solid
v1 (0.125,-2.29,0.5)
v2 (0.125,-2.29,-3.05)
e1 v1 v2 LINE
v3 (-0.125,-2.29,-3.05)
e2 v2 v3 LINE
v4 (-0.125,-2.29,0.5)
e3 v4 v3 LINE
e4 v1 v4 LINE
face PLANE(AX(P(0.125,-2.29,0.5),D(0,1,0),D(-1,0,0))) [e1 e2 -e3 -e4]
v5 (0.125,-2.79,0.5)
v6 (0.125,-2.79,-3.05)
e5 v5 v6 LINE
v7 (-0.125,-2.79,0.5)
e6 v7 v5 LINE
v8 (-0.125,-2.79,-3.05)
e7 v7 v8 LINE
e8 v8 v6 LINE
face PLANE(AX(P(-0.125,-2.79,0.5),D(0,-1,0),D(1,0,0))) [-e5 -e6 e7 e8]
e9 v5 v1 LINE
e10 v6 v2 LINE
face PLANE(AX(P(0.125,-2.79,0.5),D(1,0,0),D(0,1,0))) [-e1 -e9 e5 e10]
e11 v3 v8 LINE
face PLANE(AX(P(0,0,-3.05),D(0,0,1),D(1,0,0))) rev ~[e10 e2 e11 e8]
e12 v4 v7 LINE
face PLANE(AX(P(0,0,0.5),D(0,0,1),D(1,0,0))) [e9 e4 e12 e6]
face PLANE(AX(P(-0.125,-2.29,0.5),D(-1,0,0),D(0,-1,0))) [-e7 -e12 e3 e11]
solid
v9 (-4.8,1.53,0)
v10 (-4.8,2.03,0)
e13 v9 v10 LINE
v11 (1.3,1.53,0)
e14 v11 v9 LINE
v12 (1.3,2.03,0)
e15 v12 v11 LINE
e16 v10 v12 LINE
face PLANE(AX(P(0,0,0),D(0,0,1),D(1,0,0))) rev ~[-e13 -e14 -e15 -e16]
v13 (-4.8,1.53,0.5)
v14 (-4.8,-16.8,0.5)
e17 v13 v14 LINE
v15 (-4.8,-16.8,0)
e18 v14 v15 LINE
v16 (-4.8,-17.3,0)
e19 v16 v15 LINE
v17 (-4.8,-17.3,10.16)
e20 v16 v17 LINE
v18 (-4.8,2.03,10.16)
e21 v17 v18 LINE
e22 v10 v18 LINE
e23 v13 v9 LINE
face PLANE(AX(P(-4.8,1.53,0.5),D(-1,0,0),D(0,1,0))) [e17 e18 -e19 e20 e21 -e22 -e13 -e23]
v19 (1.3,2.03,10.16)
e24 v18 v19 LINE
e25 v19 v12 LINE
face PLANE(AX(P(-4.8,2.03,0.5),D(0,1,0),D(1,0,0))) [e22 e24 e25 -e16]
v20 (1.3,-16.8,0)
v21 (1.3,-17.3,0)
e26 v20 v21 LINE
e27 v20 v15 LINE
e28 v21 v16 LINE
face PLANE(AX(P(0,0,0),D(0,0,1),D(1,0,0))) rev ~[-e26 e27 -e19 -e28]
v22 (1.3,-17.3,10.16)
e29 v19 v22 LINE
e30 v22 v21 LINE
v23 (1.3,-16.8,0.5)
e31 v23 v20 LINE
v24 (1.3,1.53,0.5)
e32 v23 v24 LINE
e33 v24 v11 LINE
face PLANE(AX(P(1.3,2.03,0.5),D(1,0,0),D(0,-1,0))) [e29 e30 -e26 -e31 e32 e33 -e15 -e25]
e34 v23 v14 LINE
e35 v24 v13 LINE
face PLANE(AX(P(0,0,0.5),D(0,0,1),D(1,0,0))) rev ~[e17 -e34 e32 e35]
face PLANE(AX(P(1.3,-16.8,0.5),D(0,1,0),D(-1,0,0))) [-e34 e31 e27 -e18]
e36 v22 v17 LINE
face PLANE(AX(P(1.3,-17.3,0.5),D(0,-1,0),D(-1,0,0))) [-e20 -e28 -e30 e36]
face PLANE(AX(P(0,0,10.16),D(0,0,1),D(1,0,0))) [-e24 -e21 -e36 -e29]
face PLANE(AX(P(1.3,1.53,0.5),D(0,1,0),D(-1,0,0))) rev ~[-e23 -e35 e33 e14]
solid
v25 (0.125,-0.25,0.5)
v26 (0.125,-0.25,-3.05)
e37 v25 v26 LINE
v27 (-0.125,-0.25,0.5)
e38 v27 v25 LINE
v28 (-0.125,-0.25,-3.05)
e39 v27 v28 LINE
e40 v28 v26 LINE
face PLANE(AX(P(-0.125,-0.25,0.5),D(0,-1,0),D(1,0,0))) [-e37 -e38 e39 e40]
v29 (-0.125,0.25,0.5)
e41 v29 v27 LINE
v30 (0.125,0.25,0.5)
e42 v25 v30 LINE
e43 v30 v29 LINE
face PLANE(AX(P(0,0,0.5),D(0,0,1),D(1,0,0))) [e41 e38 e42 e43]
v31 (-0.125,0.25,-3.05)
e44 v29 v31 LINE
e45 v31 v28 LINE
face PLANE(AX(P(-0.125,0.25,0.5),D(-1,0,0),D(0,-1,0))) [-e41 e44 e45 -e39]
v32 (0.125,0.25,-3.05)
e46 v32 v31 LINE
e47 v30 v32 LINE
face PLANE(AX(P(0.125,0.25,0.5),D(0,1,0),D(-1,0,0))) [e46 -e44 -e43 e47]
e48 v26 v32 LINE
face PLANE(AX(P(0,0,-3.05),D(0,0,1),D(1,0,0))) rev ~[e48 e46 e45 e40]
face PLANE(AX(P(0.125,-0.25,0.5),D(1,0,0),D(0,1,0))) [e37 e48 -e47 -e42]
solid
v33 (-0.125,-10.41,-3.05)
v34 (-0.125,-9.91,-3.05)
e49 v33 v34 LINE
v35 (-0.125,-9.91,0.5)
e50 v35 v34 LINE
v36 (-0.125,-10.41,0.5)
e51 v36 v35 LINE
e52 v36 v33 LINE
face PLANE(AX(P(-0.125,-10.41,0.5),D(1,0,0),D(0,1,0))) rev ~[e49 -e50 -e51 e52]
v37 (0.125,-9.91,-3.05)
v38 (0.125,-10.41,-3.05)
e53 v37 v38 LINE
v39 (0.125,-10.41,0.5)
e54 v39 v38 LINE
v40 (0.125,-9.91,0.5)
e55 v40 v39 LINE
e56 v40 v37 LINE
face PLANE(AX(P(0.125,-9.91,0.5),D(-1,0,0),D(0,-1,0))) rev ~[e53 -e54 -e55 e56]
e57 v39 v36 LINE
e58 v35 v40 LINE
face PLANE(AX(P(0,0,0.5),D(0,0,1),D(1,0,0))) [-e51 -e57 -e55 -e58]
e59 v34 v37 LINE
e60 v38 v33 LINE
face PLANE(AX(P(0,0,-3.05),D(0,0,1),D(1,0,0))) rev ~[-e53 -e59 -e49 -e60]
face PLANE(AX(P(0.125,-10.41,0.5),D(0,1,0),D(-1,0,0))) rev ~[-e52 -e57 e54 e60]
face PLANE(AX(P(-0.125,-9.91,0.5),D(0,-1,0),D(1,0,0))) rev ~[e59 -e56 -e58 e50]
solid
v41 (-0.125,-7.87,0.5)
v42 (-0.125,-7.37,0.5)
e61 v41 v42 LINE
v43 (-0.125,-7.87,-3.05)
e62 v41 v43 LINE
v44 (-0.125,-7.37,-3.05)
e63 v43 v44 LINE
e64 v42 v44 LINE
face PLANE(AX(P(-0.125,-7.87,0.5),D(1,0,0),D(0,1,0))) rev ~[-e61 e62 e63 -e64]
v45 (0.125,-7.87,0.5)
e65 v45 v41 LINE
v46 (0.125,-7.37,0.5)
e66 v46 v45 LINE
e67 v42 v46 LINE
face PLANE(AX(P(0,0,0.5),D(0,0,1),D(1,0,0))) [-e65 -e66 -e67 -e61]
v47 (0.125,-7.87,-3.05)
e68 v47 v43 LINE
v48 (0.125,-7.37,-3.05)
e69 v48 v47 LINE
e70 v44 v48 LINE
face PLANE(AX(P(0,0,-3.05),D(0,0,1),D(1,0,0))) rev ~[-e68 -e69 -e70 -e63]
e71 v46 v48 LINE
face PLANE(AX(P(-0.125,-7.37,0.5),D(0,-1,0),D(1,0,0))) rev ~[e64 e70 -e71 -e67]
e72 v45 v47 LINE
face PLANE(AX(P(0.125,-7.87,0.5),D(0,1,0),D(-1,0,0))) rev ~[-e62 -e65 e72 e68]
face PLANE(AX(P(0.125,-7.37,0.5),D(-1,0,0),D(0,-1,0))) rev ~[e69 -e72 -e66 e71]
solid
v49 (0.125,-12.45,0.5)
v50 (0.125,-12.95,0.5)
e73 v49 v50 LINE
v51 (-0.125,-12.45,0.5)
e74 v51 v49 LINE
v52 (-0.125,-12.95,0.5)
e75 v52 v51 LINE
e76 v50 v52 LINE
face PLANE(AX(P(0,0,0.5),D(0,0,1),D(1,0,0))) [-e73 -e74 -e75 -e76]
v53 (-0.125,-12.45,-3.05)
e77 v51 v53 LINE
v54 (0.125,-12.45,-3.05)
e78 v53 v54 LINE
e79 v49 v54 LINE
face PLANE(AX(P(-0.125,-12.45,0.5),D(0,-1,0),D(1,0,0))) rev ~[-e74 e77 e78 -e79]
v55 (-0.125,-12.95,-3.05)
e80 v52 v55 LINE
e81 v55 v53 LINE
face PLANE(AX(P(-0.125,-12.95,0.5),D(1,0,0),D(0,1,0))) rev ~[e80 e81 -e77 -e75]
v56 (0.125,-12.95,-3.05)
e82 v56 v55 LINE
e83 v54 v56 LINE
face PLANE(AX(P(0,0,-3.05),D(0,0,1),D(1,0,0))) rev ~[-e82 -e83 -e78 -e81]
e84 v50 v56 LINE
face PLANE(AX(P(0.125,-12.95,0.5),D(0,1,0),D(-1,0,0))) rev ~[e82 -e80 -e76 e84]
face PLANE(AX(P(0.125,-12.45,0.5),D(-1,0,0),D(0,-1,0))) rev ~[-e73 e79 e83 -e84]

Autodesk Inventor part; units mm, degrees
ref_plane "YZ Plane" through (0, 0, 0) normal (1, 0, 0) x (0, 1, 0)
ref_plane "XZ Plane" through (0, 0, 0) normal (0, 1, 0) x (-1, 0, 0)
ref_plane "XY Plane" through (0, 0, 0) normal (0, 0, 1) x (1, 0, 0)
sketch "Sketch2" plane through (0, 0, 0) normal (0, 0, 1) x (1, 0, 0)
  line L0 (-4.8, 2.03) -> (1.3, 2.03)
  line L1 (1.3, 2.03) -> (1.3, -17.3)
  line L2 (1.3, -17.3) -> (-4.8, -17.3)
  line L3 (-4.8, -17.3) -> (-4.8, 2.03)
  line L4 (-0.125, -0.25) -> (0.125, -0.25)
  line L5 (0.125, -0.25) -> (0.125, 0.25)
  line L6 (0.125, 0.25) -> (-0.125, 0.25)
  line L7 (-0.125, 0.25) -> (-0.125, -0.25)
  line L8 (-0.125, -0.25) -> (0.125, 0.25) construction
  line L9 (0.125, -0.25) -> (-0.125, 0.25) construction
  line L10 (-0.125, -2.79) -> (0.125, -2.79)
  line L11 (0.125, -2.79) -> (0.125, -2.29)
  line L12 (0.125, -2.29) -> (-0.125, -2.29)
  line L13 (-0.125, -2.29) -> (-0.125, -2.79)
  line L14 (-0.125, -2.79) -> (0.125, -2.29) construction
  line L15 (0.125, -2.79) -> (-0.125, -2.29) construction
  line L16 (-0.125, -7.37) -> (0.125, -7.37)
  line L17 (0.125, -7.37) -> (0.125, -7.87)
  line L18 (0.125, -7.87) -> (-0.125, -7.87)
  line L19 (-0.125, -7.87) -> (-0.125, -7.37)
  line L20 (-0.125, -7.37) -> (0.125, -7.87) construction
  line L21 (0.125, -7.37) -> (-0.125, -7.87) construction
  line L22 (-0.125, -9.91) -> (0.125, -9.91)
  line L23 (0.125, -9.91) -> (0.125, -10.41)
  line L24 (-0.125, -10.41) -> (-0.125, -9.91)
  line L25 (-0.125, -9.91) -> (0.125, -10.41) construction
  line L26 (0.125, -9.91) -> (-0.125, -10.41) construction
  line L27 (0.125, -10.41) -> (-0.125, -10.41)
  line L28 (-0.125, -12.45) -> (0.125, -12.45)
  line L29 (0.125, -12.45) -> (0.125, -12.95)
  line L30 (-0.125, -12.95) -> (-0.125, -12.45)
  line L31 (-0.125, -12.45) -> (0.125, -12.95) construction
  line L32 (0.125, -12.45) -> (-0.125, -12.95) construction
  line L33 (0.125, -12.95) -> (-0.125, -12.95)
  line L34 (-4.8, 2.03) -> (1.3, 2.03)
  line L35 (1.3, 2.03) -> (1.3, 1.53)
  line L36 (1.3, 1.53) -> (-4.8, 1.53)
  line L37 (-4.8, 1.53) -> (-4.8, 2.03)
  line L38 (-4.8, -17.3) -> (1.3, -17.3)
  line L39 (1.3, -17.3) -> (1.3, -16.8)
  line L40 (1.3, -16.8) -> (-4.8, -16.8)
  line L41 (-4.8, -16.8) -> (-4.8, -17.3)
  point P0 (0, 0)
  point P1 (0, -2.54)
  point P2 (0, -7.62)
  point P3 (0, -10.16)
  point P4 (0, -12.7)
  dimension "d37" = 2.03
  dimension "d38" = 1.3
  dimension "d39" = 17.3
  dimension "d40" = 6.1
  dimension "d41" = 0.25
  dimension "d42" = 0.5
  dimension "d45" = 2.54
  dimension "d50" = 0.25
  dimension "d51" = 0.5
  dimension "d52" = 0
  dimension "d53" = 7.62
  dimension "d56" = 2.54
  dimension "d61" = 0.5
  dimension "d62" = 0.5
extrude "Extrusion4" add sketch "Sketch2" along normal blind 9.66 contours L0 L1 L36 L3 | L36 L1 L40 L3 | L40 L1 L2 L3 | L7 L6 L5 L4 | L13 L12 L11 L10 | L16 L17 L18 L19 | L22 L23 L27 L24 | L28 L29 L33 L30
extrude "Extrusion5" add sketch "Sketch2" against normal blind 0.5 contours L0 L1 L36 L3 | L40 L1 L2 L3
extrude "Extrusion6" add sketch "Sketch2" against normal blind 3.55 separate body contours L7 L6 L5 L4 | L13 L12 L11 L10 | L16 L17 L18 L19 | L22 L23 L27 L24 | L28 L29 L33 L30
move or copy body "Move Body1" bodies to move or copy 1 2 copy no translate (0, 0, 0.5)
equation "\"d50\" = d41"
equation "\"d51\" = d42"
properties part number "Converter_DCDC_XP_POWER-IAxxxx_SIP_THT"
